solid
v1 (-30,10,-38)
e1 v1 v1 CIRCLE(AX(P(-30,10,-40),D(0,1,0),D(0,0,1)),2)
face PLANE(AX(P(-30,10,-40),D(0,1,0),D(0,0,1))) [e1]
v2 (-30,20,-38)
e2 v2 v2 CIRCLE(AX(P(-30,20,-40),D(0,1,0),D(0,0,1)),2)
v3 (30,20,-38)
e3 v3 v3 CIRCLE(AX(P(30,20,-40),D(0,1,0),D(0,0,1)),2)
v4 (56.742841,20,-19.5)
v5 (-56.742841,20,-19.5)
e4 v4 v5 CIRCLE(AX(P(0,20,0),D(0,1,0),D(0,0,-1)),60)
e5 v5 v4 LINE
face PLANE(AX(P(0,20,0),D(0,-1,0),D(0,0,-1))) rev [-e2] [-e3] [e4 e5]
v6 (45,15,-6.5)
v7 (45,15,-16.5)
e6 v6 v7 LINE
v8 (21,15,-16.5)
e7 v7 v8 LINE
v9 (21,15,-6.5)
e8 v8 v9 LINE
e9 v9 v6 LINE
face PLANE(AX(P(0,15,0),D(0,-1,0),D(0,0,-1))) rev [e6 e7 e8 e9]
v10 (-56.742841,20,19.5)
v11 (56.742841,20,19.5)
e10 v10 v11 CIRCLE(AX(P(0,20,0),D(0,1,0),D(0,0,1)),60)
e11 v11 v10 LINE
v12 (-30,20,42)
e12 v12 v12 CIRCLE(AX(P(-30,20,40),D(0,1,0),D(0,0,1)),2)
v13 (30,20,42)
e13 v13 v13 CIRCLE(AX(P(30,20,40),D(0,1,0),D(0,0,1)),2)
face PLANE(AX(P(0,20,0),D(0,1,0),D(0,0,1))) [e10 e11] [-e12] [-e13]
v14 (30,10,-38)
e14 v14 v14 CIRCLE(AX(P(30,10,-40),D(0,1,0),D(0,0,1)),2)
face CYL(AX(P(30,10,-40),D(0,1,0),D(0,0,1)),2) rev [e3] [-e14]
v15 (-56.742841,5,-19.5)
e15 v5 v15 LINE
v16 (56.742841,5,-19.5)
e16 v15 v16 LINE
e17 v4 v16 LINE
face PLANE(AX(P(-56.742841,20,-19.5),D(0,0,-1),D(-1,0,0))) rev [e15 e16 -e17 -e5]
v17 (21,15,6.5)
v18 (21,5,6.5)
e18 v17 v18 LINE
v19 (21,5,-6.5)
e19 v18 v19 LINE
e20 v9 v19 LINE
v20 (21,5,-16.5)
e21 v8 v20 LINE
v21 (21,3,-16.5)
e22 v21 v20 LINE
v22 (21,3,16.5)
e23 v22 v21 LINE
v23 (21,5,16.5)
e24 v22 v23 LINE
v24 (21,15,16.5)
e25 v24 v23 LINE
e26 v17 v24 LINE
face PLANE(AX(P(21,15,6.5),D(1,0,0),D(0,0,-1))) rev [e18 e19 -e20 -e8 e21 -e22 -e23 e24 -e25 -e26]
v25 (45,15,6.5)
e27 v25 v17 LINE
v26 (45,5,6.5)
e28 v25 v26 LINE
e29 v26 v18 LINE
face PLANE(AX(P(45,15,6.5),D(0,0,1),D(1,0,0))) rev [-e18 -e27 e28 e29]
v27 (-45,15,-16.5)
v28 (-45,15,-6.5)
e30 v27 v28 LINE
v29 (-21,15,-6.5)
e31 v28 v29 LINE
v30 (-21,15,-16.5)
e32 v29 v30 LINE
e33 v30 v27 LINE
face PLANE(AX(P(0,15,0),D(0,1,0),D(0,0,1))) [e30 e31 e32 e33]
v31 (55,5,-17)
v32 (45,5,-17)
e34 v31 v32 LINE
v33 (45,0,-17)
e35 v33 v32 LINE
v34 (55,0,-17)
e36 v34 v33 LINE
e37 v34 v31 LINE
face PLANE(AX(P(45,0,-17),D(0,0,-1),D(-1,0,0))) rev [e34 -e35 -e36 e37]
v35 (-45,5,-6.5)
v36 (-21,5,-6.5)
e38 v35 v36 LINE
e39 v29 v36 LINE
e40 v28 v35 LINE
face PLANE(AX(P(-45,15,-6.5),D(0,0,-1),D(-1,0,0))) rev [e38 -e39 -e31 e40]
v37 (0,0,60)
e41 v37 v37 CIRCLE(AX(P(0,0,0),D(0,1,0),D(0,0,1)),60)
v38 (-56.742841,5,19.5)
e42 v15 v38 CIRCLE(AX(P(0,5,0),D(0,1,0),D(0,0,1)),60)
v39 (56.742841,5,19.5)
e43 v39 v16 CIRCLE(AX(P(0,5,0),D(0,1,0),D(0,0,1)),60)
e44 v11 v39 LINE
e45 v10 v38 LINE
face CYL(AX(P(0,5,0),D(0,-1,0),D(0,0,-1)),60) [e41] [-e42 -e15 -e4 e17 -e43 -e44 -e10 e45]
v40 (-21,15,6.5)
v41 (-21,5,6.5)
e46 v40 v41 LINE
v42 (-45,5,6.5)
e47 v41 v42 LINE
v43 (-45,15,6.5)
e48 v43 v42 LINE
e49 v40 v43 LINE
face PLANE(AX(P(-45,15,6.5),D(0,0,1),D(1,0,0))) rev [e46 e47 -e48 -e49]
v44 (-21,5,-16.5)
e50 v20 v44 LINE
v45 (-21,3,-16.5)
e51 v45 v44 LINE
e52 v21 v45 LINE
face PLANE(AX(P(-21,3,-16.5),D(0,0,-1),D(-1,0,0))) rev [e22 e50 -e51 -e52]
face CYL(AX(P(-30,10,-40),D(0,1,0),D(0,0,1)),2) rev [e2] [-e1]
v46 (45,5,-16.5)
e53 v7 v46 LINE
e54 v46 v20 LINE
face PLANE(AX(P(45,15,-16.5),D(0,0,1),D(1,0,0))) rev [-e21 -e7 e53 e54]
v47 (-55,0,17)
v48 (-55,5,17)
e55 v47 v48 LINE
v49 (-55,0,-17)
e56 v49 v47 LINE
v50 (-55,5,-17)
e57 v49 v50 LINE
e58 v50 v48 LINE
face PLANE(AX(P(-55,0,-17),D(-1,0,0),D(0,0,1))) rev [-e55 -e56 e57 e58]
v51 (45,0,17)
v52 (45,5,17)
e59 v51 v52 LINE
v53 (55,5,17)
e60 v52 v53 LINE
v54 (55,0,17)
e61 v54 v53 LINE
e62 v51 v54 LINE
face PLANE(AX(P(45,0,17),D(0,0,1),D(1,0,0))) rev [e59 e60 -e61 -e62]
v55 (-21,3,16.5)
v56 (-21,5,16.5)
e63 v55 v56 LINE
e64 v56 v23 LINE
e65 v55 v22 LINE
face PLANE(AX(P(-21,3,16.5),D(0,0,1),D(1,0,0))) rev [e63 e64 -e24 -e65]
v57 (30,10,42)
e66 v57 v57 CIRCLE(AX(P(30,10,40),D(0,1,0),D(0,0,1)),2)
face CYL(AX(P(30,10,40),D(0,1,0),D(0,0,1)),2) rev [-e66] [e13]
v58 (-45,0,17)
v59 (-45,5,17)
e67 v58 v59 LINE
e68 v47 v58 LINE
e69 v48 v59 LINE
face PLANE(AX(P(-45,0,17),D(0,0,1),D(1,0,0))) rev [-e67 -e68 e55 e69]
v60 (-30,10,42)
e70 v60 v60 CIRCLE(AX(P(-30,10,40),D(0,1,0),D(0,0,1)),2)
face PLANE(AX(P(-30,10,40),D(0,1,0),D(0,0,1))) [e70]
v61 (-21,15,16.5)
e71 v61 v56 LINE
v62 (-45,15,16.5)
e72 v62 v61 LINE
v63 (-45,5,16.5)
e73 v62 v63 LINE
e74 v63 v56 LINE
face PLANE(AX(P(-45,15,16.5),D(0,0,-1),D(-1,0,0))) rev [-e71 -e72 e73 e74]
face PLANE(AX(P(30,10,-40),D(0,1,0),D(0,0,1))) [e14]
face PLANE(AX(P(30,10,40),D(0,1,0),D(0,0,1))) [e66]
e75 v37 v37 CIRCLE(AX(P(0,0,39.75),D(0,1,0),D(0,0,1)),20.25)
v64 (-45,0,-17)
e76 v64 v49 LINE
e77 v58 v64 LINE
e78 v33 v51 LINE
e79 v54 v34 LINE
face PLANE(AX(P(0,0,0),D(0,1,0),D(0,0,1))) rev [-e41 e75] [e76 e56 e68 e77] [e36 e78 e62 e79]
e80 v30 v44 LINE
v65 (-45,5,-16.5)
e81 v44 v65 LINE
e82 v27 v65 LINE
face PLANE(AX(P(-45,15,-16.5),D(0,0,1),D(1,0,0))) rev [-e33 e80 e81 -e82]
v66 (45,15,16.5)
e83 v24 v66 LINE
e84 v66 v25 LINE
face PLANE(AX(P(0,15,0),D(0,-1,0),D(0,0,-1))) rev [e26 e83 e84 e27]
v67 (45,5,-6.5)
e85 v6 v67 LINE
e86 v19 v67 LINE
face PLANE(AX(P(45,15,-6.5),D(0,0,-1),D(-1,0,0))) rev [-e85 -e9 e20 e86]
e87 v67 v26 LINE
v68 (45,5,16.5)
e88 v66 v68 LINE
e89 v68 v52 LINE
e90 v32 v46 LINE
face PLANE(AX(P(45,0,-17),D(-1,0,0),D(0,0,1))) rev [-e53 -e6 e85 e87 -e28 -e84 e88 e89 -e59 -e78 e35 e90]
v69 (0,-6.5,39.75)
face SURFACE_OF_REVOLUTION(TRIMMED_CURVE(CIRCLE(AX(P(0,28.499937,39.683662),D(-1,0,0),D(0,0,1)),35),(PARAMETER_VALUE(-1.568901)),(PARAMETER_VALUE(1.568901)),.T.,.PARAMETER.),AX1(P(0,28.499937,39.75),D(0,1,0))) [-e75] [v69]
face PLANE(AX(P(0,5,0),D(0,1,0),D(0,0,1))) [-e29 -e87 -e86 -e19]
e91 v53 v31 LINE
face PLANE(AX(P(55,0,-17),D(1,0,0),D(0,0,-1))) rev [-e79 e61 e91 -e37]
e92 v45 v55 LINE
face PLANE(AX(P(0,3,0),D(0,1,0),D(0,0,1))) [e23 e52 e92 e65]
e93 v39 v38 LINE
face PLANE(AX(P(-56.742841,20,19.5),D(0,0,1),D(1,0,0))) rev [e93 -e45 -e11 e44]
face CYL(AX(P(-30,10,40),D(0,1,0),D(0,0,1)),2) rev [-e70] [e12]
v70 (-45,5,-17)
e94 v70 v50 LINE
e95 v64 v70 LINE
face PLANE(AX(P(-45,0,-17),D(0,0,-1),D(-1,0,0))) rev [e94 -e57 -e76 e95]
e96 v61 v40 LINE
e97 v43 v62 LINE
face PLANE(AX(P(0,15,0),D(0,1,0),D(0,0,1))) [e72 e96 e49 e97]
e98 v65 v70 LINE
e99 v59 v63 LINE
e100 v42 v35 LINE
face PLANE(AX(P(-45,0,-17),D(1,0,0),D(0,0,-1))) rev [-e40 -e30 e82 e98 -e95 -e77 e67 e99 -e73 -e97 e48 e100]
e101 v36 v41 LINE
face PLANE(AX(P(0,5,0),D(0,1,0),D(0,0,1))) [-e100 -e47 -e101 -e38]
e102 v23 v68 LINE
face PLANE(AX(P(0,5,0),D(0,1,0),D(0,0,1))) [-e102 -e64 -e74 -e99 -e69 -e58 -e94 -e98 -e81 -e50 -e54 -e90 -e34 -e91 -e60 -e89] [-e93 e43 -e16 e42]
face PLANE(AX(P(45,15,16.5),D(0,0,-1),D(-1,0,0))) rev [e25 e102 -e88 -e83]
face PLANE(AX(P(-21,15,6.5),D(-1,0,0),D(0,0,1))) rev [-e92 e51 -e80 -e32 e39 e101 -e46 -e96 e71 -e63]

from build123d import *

# Parameters (mm, degrees)
SKETCH1_R               = 60
BOSS_EXTRUDE1_DEPTH     = 5
SKETCH2_W               = 10
SKETCH2_H               = 34
CUT_EXTRUDE1_DEPTH      = 1
CUT_EXTRUDE1_DEPTH_BACK = 6
SKETCH3_W               = 24
SKETCH3_H               = 10
BOSS_EXTRUDE2_DEPTH     = 10
SKETCH4_W               = 42
SKETCH4_H               = 33
CUT_EXTRUDE2_DEPTH      = 2
BOSS_EXTRUDE3_DEPTH     = 15
SKETCH6_R               = 2
CUT_EXTRUDE3_DEPTH      = 10


with BuildPart() as part:
    # Sketch1 → Boss-Extrude1 (new body)
    with BuildSketch(Plane(origin=(0, 0, 0), x_dir=(1, 0, 0), z_dir=(0, 1, 0))):
        Circle(SKETCH1_R)
    extrude(amount=BOSS_EXTRUDE1_DEPTH)

    # Sketch2 → Cut-Extrude1 (cut, two sides)
    with BuildSketch(Plane(origin=(0, 5, 0), x_dir=(1, 0, 0), z_dir=(0, 1, 0))) as cut_extrude1_sk:
        with Locations((-50, 0)):
            Rectangle(SKETCH2_W, SKETCH2_H)
        with Locations((50, 0)):
            Rectangle(SKETCH2_W, SKETCH2_H)
    extrude(amount=CUT_EXTRUDE1_DEPTH, mode=Mode.SUBTRACT)
    extrude(cut_extrude1_sk.sketch, amount=-CUT_EXTRUDE1_DEPTH_BACK, mode=Mode.SUBTRACT)

    # Sketch3 → Boss-Extrude2 (add)
    with BuildSketch(Plane(origin=(0, 5, 0), x_dir=(1, 0, 0), z_dir=(0, 1, 0))):
        with Locations((-33, -11.5)):
            Rectangle(SKETCH3_W, SKETCH3_H)
        with Locations((-33, 11.5)):
            Rectangle(SKETCH3_W, SKETCH3_H)
        with Locations((33, -11.5)):
            Rectangle(SKETCH3_W, SKETCH3_H)
        with Locations((33, 11.5)):
            Rectangle(SKETCH3_W, SKETCH3_H)
    extrude(amount=BOSS_EXTRUDE2_DEPTH)

    # Sketch4 → Cut-Extrude2 (cut)
    with BuildSketch(Plane(origin=(0, 5, 0), x_dir=(1, 0, 0), z_dir=(0, 1, 0))):
        Rectangle(SKETCH4_W, SKETCH4_H)
    extrude(amount=-CUT_EXTRUDE2_DEPTH, mode=Mode.SUBTRACT)

    # Sketch5 → Boss-Extrude3 (add)
    with BuildSketch(Plane(origin=(0, 5, 0), x_dir=(1, 0, 0), z_dir=(0, 1, 0))):
        with BuildLine():
            Line((-56.742840958, 19.5), (56.742840958, 19.5))
            ThreePointArc((56.742840958, 19.5), (0, 60), (-56.742840958, 19.5))
        make_face()
        with BuildLine():
            Line((-56.742840958, -19.5), (56.742840958, -19.5))
            ThreePointArc((56.742840958, -19.5), (0, -60), (-56.742840958, -19.5))
        make_face()
    extrude(amount=BOSS_EXTRUDE3_DEPTH)

    # Sketch6 → Cut-Extrude3 (cut)
    with BuildSketch(Plane(origin=(0, 20, 0), x_dir=(1, 0, 0), z_dir=(0, 1, 0))):
        with Locations((30, -40)):
            Circle(SKETCH6_R)
        with Locations((-30, -40)):
            Circle(SKETCH6_R)
        with Locations((30, 40)):
            Circle(SKETCH6_R)
        with Locations((-30, 40)):
            Circle(SKETCH6_R)
    extrude(amount=-CUT_EXTRUDE3_DEPTH, mode=Mode.SUBTRACT)

    # Sketch7 → Revolve1 (revolve)
    with BuildSketch(Plane(origin=(0, 0, 0), x_dir=(0, 0, -1), z_dir=(1, 0, 0))):
        with BuildLine():
            Line((-39.75, 0), (-39.75, -6.5))
            ThreePointArc((-39.75, -6.5), (-29.119335131, -4.825340555), (-19.5, 0))
            Line((-19.5, 0), (-39.75, 0))
        make_face()
    revolve(axis=Axis((0, 0, 39.75), (0, -1, 0)))


solid = part.part
